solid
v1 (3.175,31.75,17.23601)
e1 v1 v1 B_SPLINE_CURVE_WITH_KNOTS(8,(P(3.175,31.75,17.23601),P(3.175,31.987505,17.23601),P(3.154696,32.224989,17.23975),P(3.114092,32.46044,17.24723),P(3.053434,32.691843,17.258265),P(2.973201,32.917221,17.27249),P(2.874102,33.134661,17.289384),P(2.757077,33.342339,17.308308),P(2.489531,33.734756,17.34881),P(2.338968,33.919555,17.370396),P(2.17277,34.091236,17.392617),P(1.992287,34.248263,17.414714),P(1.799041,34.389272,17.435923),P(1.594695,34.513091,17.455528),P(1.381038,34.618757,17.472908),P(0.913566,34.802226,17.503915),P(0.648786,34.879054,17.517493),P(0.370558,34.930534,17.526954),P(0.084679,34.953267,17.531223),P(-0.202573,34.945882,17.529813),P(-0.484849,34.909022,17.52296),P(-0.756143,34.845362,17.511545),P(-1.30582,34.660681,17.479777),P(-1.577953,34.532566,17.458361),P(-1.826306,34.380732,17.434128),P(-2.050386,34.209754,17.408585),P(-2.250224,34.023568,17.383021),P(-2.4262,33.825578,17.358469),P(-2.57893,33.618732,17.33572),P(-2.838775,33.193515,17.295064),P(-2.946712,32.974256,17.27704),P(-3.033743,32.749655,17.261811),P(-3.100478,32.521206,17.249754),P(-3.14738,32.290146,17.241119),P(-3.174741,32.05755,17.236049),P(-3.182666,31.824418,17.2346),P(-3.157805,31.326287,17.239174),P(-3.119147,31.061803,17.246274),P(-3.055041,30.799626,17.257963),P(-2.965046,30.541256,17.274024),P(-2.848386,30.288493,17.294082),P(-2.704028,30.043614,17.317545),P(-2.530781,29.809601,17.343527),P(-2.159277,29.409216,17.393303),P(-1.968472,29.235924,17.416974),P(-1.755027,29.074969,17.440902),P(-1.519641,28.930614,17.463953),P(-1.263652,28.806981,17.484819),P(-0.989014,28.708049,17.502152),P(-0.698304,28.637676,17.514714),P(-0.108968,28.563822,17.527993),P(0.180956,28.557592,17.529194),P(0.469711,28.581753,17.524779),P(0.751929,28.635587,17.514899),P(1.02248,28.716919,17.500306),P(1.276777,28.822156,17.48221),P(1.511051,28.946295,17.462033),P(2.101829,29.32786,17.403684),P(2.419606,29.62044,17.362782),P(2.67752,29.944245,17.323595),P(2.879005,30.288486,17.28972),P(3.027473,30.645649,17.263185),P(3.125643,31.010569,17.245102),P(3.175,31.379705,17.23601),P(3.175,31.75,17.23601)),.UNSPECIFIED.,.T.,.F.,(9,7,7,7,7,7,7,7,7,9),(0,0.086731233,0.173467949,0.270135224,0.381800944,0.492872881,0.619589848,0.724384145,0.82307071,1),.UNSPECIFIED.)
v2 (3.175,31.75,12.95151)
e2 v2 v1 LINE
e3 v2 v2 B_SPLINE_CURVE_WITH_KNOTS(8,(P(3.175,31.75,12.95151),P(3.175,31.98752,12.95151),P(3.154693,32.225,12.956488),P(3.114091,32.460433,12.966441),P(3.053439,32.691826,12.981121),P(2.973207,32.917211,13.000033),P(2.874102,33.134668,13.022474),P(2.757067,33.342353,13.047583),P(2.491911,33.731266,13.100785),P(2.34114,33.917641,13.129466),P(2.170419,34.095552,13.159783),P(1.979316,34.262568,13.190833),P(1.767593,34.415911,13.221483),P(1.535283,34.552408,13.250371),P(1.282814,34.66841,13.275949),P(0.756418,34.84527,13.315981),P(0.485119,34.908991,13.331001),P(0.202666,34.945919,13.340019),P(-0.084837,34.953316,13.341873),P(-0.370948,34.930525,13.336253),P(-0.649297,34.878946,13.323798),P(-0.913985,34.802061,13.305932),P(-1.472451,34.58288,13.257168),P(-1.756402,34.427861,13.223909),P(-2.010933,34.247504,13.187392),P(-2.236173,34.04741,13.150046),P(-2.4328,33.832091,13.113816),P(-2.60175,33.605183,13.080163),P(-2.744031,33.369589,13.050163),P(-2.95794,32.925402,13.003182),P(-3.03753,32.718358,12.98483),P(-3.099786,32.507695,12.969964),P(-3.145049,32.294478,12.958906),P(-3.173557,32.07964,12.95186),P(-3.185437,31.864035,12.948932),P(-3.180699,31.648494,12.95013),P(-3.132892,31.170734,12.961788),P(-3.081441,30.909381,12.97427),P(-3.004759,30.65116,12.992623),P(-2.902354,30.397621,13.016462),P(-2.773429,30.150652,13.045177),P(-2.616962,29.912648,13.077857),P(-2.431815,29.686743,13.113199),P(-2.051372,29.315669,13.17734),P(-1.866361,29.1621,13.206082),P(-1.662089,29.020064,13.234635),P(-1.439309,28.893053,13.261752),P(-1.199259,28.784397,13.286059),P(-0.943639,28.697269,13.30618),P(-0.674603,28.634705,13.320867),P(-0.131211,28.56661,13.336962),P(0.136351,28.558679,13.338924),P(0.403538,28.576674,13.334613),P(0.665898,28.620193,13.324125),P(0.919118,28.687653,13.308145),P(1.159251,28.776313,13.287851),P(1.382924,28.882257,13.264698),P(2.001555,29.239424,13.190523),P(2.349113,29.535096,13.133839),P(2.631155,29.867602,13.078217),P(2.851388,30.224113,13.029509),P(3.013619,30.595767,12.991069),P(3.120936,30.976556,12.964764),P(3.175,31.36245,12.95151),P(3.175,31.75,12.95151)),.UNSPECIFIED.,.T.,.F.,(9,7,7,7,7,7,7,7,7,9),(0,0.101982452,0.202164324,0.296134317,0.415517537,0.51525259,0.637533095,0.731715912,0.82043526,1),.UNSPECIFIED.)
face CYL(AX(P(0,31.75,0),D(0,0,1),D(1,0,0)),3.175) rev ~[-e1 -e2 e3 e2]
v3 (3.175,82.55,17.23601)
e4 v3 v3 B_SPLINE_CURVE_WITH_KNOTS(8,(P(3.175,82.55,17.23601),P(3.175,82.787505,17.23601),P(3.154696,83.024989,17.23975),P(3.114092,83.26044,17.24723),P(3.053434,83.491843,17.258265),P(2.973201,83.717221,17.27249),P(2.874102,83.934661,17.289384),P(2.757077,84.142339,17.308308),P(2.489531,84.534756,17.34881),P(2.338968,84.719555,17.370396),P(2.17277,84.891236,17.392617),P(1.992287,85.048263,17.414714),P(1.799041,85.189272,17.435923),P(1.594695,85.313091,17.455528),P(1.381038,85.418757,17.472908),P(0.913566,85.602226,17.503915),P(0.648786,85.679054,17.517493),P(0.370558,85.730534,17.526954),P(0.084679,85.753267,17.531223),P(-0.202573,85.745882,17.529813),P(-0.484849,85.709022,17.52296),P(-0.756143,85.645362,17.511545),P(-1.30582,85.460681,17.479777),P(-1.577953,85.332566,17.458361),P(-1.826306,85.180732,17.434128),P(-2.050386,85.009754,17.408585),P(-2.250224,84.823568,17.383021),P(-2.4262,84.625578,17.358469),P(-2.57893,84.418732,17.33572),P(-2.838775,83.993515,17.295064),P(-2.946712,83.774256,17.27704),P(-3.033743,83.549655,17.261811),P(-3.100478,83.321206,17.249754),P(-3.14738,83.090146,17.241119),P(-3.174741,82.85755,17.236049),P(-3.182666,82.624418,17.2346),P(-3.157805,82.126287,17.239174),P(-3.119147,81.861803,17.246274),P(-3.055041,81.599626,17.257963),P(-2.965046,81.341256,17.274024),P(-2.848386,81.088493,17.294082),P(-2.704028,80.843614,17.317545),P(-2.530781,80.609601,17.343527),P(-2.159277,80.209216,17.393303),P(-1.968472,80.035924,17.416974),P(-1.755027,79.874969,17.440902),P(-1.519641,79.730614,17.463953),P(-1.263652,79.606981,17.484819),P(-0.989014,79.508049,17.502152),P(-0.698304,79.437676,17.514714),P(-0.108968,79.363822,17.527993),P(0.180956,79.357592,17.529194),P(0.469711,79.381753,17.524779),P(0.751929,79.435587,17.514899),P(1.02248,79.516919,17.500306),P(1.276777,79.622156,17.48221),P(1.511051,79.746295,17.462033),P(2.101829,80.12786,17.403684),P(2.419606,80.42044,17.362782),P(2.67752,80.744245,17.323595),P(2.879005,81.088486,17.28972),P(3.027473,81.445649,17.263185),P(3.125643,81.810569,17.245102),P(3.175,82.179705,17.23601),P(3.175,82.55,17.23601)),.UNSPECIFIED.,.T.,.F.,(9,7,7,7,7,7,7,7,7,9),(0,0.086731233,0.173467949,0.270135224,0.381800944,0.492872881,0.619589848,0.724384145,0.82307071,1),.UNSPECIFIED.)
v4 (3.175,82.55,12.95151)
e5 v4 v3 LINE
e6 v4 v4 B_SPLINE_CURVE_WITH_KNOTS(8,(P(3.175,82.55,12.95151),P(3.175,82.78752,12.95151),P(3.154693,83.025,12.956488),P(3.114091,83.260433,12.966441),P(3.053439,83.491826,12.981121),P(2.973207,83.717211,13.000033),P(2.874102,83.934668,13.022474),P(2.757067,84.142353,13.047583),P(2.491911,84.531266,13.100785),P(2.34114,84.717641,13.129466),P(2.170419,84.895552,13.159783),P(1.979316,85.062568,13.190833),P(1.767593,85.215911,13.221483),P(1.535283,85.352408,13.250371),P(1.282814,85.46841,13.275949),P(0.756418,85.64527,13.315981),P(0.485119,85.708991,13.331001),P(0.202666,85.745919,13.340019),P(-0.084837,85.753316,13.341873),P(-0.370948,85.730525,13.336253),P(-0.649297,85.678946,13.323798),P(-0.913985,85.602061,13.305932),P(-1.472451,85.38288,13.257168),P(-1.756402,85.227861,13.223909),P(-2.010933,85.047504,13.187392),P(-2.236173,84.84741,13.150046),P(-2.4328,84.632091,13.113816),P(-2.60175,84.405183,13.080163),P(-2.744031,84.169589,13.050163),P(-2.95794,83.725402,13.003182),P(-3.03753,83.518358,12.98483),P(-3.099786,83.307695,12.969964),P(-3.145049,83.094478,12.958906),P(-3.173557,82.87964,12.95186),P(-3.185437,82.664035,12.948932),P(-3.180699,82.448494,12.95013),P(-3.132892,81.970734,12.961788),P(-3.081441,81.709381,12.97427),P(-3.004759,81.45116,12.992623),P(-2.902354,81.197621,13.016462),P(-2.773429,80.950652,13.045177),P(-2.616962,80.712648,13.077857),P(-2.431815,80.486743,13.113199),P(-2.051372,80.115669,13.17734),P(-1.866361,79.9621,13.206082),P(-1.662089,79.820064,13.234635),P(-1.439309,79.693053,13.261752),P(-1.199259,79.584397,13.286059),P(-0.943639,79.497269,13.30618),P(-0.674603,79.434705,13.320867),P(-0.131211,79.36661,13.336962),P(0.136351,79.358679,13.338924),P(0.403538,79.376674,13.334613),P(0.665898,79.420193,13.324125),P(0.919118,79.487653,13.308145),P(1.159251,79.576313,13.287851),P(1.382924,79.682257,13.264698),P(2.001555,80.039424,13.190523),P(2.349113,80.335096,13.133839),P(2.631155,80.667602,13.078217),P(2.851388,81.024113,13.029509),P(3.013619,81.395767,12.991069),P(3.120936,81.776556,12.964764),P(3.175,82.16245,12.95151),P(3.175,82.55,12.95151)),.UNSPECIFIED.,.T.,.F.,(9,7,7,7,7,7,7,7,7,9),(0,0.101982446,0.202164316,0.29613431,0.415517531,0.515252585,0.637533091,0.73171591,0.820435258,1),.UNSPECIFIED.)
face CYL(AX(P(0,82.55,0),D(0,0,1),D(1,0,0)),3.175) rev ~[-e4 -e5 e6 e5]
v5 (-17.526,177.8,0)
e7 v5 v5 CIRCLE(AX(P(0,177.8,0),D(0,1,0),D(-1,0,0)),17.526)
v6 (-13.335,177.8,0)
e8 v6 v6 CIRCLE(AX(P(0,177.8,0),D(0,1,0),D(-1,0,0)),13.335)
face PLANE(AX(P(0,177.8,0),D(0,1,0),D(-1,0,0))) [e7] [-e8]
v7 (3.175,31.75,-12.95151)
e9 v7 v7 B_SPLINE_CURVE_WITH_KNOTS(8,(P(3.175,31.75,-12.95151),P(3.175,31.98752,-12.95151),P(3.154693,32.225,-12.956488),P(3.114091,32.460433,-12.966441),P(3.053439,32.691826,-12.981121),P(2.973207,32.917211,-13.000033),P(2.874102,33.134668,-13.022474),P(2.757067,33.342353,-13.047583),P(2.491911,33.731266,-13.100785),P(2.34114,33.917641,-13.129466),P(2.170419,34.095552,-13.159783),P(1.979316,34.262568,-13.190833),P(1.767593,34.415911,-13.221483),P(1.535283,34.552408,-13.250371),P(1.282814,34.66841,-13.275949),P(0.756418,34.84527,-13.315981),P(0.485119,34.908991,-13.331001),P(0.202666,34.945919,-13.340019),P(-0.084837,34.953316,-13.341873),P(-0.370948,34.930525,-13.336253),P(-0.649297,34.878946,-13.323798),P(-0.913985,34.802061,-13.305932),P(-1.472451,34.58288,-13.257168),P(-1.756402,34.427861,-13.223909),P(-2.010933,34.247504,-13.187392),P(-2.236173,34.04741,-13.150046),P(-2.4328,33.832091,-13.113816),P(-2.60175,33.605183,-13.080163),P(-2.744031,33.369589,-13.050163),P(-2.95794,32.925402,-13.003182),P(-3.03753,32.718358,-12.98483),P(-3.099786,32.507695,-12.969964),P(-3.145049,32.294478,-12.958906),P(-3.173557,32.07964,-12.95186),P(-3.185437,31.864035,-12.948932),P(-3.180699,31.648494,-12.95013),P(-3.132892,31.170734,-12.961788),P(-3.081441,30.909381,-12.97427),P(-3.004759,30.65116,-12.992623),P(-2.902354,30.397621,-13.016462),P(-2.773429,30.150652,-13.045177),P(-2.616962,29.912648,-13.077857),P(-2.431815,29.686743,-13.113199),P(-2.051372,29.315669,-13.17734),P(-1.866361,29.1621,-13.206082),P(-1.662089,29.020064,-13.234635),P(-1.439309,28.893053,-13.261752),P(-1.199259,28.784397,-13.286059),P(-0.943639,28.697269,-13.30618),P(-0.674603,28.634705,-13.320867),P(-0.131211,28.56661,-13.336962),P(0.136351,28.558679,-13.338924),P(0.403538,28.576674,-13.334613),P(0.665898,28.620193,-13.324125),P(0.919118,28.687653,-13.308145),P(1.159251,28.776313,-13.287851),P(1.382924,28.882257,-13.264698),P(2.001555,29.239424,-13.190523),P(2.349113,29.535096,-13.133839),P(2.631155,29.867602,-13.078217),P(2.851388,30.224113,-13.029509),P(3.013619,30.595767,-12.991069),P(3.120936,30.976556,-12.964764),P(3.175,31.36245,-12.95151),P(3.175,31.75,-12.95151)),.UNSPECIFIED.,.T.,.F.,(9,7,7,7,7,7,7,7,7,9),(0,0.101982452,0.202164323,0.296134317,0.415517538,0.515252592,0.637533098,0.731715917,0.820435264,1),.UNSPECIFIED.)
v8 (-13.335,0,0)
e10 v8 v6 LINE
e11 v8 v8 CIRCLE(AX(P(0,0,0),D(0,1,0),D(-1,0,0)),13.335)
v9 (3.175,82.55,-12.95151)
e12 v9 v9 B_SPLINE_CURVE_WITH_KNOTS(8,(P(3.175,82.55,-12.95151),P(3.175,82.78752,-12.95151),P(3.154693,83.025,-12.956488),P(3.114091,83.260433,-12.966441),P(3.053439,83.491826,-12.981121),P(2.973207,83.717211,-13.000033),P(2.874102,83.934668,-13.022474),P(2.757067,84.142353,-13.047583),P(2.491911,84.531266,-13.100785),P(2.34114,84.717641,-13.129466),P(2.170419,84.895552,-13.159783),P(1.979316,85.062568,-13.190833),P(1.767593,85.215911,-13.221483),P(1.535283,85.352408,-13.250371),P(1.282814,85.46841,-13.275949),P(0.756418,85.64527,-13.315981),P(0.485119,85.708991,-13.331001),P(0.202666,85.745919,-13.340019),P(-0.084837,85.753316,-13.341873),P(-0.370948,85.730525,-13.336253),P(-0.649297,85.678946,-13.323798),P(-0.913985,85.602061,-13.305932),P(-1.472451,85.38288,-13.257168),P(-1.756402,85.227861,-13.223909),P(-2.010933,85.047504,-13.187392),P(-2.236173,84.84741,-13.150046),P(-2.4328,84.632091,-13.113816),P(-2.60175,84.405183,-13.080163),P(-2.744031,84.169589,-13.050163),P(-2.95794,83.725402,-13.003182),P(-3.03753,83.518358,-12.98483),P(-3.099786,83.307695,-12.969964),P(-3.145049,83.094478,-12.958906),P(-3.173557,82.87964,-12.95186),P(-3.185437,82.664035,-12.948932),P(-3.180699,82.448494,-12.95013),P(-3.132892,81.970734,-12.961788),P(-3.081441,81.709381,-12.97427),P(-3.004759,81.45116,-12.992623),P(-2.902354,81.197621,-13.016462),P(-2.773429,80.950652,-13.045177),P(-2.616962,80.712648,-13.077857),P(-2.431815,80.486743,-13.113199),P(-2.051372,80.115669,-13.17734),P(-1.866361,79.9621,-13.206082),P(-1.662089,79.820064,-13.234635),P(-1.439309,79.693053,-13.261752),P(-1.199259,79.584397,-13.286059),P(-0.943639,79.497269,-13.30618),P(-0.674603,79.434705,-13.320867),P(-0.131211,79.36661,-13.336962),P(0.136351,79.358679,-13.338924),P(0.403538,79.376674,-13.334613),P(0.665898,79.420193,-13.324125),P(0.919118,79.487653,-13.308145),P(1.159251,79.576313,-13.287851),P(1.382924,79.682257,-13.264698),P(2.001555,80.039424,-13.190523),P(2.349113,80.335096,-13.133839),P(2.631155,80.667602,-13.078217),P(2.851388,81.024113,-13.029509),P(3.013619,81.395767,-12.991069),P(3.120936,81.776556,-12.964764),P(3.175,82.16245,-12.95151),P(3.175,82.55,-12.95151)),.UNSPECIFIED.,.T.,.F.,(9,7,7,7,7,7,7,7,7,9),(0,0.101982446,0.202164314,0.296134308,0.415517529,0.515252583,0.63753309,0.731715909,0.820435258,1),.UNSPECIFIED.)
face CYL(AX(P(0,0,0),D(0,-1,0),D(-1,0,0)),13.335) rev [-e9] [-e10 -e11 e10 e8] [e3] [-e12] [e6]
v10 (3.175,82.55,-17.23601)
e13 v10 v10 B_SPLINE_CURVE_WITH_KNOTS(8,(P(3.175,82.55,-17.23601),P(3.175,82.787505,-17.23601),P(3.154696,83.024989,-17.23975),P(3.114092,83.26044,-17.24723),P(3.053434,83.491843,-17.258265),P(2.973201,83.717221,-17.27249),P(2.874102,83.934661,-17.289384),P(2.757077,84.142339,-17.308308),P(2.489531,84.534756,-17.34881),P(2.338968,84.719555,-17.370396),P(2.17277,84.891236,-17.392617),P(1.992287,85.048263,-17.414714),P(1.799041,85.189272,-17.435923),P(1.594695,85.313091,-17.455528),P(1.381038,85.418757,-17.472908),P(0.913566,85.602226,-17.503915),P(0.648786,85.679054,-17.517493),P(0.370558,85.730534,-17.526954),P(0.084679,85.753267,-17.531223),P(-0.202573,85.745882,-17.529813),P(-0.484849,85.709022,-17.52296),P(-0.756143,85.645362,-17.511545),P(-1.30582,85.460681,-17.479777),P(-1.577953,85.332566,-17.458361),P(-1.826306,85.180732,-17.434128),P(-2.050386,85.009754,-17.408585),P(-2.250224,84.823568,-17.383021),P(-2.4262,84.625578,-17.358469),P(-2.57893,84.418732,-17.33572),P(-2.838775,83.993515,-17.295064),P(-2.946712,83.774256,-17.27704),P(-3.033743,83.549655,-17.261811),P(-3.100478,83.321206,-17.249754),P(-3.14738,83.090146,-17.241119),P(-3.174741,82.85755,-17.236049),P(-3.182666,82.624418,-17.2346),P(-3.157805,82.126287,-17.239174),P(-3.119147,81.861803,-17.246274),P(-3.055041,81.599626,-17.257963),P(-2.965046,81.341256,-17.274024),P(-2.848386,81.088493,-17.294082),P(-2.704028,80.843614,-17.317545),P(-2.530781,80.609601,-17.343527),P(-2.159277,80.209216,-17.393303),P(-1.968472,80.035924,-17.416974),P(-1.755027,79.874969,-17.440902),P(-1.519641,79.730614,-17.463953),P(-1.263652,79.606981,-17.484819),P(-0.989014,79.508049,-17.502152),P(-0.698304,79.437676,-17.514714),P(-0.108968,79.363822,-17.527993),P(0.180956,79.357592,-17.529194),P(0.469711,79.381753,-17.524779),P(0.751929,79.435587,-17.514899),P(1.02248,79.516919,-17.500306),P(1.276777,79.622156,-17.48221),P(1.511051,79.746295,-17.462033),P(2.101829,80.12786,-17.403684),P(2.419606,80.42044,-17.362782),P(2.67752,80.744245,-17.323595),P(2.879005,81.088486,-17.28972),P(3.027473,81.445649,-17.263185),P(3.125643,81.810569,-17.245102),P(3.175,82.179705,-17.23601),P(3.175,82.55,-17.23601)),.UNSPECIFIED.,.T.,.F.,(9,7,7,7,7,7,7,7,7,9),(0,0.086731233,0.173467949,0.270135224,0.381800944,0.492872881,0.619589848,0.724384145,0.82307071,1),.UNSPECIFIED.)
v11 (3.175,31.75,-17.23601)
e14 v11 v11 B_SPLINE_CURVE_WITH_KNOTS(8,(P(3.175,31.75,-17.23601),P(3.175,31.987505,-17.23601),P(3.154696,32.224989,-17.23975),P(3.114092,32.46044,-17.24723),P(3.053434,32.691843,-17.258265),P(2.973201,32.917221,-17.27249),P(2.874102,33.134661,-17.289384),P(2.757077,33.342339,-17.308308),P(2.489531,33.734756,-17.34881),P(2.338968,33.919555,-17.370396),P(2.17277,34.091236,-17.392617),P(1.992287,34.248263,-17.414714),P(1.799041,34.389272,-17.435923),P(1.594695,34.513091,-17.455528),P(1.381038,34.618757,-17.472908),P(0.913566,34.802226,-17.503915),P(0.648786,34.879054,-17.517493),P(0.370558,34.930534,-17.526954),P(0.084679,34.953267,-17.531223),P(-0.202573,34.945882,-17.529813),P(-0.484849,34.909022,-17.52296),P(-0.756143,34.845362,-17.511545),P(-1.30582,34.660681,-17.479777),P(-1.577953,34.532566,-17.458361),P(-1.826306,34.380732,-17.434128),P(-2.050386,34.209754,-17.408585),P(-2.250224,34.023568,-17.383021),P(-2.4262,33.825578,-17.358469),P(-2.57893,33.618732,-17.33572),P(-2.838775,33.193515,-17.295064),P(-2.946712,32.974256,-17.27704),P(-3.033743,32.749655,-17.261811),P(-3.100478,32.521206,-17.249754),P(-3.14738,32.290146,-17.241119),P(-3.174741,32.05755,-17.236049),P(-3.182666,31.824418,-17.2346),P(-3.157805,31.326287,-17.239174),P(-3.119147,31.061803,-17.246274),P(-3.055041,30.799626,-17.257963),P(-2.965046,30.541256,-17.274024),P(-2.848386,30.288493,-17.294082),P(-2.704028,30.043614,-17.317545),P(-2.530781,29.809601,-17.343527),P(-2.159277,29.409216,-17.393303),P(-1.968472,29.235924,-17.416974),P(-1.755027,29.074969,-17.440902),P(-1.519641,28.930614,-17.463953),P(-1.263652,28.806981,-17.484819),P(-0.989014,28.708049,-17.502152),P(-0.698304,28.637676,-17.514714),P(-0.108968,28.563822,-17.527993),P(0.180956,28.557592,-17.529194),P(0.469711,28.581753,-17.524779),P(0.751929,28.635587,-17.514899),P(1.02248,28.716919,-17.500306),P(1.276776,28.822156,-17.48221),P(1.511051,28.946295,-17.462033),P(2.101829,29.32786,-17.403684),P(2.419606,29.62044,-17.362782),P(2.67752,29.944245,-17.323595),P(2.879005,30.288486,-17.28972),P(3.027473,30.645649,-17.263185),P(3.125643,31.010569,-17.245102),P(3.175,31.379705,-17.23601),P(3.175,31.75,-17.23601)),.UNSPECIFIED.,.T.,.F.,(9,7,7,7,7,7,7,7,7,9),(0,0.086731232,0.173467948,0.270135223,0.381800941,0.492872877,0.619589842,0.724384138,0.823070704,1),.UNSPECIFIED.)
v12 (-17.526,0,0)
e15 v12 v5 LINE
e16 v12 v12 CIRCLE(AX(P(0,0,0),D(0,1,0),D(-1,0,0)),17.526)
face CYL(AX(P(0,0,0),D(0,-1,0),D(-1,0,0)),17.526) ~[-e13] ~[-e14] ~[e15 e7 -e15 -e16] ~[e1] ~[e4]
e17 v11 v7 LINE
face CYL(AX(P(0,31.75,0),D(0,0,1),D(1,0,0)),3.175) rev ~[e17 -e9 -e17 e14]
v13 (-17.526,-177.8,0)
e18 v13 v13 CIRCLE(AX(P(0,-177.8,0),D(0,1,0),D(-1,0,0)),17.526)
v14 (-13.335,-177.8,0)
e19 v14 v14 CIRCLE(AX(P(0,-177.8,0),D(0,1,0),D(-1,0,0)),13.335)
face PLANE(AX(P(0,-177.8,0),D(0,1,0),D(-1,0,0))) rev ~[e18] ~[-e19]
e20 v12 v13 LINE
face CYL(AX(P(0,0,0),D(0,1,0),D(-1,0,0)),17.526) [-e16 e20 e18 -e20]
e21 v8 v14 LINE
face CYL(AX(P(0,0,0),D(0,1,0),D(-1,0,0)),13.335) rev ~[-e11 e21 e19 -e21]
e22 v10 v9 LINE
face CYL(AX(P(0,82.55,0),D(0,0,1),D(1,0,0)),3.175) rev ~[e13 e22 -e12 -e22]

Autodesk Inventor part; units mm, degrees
ref_plane "YZ Plane" through (0, 0, 0) normal (1, 0, 0) x (0, 1, 0)
ref_plane "XZ Plane" through (0, 0, 0) normal (0, 1, 0) x (-1, 0, 0)
ref_plane "XY Plane" through (0, 0, 0) normal (0, 0, 1) x (1, 0, 0)
sketch "Sketch1" plane through (0, 0, 0) normal (0, 1, 0) x (-1, 0, 0)
  circle A0 centre (0, 0) radius 13.335
  circle A1 centre (0, 0) radius 17.526
  dimension "d0" = 26.67
  dimension "d1" = 35.052
extrude "Extrusion1" add sketch "Sketch1" along normal mid plane 355.6
sketch "Sketch3" plane through (0, 0, 0) normal (0, 0, 1) x (1, 0, 0)
  circle A0 centre (0, 31.75) radius 3.175
  circle A1 centre (0, 82.55) radius 3.175
  line L0 (-13.335, 177.8) -> (13.335, 177.8) projected
  point P0 (0, 0)
  dimension "d12" = 6.35
  dimension "d15" = 50.8
  dimension "d16" = 95.25
extrude "Extrusion3" cut sketch "Sketch3" against normal through all both and the other way through all
properties part number "FE-110-005 Inside Connector Bar" material "PVC-Piping"
